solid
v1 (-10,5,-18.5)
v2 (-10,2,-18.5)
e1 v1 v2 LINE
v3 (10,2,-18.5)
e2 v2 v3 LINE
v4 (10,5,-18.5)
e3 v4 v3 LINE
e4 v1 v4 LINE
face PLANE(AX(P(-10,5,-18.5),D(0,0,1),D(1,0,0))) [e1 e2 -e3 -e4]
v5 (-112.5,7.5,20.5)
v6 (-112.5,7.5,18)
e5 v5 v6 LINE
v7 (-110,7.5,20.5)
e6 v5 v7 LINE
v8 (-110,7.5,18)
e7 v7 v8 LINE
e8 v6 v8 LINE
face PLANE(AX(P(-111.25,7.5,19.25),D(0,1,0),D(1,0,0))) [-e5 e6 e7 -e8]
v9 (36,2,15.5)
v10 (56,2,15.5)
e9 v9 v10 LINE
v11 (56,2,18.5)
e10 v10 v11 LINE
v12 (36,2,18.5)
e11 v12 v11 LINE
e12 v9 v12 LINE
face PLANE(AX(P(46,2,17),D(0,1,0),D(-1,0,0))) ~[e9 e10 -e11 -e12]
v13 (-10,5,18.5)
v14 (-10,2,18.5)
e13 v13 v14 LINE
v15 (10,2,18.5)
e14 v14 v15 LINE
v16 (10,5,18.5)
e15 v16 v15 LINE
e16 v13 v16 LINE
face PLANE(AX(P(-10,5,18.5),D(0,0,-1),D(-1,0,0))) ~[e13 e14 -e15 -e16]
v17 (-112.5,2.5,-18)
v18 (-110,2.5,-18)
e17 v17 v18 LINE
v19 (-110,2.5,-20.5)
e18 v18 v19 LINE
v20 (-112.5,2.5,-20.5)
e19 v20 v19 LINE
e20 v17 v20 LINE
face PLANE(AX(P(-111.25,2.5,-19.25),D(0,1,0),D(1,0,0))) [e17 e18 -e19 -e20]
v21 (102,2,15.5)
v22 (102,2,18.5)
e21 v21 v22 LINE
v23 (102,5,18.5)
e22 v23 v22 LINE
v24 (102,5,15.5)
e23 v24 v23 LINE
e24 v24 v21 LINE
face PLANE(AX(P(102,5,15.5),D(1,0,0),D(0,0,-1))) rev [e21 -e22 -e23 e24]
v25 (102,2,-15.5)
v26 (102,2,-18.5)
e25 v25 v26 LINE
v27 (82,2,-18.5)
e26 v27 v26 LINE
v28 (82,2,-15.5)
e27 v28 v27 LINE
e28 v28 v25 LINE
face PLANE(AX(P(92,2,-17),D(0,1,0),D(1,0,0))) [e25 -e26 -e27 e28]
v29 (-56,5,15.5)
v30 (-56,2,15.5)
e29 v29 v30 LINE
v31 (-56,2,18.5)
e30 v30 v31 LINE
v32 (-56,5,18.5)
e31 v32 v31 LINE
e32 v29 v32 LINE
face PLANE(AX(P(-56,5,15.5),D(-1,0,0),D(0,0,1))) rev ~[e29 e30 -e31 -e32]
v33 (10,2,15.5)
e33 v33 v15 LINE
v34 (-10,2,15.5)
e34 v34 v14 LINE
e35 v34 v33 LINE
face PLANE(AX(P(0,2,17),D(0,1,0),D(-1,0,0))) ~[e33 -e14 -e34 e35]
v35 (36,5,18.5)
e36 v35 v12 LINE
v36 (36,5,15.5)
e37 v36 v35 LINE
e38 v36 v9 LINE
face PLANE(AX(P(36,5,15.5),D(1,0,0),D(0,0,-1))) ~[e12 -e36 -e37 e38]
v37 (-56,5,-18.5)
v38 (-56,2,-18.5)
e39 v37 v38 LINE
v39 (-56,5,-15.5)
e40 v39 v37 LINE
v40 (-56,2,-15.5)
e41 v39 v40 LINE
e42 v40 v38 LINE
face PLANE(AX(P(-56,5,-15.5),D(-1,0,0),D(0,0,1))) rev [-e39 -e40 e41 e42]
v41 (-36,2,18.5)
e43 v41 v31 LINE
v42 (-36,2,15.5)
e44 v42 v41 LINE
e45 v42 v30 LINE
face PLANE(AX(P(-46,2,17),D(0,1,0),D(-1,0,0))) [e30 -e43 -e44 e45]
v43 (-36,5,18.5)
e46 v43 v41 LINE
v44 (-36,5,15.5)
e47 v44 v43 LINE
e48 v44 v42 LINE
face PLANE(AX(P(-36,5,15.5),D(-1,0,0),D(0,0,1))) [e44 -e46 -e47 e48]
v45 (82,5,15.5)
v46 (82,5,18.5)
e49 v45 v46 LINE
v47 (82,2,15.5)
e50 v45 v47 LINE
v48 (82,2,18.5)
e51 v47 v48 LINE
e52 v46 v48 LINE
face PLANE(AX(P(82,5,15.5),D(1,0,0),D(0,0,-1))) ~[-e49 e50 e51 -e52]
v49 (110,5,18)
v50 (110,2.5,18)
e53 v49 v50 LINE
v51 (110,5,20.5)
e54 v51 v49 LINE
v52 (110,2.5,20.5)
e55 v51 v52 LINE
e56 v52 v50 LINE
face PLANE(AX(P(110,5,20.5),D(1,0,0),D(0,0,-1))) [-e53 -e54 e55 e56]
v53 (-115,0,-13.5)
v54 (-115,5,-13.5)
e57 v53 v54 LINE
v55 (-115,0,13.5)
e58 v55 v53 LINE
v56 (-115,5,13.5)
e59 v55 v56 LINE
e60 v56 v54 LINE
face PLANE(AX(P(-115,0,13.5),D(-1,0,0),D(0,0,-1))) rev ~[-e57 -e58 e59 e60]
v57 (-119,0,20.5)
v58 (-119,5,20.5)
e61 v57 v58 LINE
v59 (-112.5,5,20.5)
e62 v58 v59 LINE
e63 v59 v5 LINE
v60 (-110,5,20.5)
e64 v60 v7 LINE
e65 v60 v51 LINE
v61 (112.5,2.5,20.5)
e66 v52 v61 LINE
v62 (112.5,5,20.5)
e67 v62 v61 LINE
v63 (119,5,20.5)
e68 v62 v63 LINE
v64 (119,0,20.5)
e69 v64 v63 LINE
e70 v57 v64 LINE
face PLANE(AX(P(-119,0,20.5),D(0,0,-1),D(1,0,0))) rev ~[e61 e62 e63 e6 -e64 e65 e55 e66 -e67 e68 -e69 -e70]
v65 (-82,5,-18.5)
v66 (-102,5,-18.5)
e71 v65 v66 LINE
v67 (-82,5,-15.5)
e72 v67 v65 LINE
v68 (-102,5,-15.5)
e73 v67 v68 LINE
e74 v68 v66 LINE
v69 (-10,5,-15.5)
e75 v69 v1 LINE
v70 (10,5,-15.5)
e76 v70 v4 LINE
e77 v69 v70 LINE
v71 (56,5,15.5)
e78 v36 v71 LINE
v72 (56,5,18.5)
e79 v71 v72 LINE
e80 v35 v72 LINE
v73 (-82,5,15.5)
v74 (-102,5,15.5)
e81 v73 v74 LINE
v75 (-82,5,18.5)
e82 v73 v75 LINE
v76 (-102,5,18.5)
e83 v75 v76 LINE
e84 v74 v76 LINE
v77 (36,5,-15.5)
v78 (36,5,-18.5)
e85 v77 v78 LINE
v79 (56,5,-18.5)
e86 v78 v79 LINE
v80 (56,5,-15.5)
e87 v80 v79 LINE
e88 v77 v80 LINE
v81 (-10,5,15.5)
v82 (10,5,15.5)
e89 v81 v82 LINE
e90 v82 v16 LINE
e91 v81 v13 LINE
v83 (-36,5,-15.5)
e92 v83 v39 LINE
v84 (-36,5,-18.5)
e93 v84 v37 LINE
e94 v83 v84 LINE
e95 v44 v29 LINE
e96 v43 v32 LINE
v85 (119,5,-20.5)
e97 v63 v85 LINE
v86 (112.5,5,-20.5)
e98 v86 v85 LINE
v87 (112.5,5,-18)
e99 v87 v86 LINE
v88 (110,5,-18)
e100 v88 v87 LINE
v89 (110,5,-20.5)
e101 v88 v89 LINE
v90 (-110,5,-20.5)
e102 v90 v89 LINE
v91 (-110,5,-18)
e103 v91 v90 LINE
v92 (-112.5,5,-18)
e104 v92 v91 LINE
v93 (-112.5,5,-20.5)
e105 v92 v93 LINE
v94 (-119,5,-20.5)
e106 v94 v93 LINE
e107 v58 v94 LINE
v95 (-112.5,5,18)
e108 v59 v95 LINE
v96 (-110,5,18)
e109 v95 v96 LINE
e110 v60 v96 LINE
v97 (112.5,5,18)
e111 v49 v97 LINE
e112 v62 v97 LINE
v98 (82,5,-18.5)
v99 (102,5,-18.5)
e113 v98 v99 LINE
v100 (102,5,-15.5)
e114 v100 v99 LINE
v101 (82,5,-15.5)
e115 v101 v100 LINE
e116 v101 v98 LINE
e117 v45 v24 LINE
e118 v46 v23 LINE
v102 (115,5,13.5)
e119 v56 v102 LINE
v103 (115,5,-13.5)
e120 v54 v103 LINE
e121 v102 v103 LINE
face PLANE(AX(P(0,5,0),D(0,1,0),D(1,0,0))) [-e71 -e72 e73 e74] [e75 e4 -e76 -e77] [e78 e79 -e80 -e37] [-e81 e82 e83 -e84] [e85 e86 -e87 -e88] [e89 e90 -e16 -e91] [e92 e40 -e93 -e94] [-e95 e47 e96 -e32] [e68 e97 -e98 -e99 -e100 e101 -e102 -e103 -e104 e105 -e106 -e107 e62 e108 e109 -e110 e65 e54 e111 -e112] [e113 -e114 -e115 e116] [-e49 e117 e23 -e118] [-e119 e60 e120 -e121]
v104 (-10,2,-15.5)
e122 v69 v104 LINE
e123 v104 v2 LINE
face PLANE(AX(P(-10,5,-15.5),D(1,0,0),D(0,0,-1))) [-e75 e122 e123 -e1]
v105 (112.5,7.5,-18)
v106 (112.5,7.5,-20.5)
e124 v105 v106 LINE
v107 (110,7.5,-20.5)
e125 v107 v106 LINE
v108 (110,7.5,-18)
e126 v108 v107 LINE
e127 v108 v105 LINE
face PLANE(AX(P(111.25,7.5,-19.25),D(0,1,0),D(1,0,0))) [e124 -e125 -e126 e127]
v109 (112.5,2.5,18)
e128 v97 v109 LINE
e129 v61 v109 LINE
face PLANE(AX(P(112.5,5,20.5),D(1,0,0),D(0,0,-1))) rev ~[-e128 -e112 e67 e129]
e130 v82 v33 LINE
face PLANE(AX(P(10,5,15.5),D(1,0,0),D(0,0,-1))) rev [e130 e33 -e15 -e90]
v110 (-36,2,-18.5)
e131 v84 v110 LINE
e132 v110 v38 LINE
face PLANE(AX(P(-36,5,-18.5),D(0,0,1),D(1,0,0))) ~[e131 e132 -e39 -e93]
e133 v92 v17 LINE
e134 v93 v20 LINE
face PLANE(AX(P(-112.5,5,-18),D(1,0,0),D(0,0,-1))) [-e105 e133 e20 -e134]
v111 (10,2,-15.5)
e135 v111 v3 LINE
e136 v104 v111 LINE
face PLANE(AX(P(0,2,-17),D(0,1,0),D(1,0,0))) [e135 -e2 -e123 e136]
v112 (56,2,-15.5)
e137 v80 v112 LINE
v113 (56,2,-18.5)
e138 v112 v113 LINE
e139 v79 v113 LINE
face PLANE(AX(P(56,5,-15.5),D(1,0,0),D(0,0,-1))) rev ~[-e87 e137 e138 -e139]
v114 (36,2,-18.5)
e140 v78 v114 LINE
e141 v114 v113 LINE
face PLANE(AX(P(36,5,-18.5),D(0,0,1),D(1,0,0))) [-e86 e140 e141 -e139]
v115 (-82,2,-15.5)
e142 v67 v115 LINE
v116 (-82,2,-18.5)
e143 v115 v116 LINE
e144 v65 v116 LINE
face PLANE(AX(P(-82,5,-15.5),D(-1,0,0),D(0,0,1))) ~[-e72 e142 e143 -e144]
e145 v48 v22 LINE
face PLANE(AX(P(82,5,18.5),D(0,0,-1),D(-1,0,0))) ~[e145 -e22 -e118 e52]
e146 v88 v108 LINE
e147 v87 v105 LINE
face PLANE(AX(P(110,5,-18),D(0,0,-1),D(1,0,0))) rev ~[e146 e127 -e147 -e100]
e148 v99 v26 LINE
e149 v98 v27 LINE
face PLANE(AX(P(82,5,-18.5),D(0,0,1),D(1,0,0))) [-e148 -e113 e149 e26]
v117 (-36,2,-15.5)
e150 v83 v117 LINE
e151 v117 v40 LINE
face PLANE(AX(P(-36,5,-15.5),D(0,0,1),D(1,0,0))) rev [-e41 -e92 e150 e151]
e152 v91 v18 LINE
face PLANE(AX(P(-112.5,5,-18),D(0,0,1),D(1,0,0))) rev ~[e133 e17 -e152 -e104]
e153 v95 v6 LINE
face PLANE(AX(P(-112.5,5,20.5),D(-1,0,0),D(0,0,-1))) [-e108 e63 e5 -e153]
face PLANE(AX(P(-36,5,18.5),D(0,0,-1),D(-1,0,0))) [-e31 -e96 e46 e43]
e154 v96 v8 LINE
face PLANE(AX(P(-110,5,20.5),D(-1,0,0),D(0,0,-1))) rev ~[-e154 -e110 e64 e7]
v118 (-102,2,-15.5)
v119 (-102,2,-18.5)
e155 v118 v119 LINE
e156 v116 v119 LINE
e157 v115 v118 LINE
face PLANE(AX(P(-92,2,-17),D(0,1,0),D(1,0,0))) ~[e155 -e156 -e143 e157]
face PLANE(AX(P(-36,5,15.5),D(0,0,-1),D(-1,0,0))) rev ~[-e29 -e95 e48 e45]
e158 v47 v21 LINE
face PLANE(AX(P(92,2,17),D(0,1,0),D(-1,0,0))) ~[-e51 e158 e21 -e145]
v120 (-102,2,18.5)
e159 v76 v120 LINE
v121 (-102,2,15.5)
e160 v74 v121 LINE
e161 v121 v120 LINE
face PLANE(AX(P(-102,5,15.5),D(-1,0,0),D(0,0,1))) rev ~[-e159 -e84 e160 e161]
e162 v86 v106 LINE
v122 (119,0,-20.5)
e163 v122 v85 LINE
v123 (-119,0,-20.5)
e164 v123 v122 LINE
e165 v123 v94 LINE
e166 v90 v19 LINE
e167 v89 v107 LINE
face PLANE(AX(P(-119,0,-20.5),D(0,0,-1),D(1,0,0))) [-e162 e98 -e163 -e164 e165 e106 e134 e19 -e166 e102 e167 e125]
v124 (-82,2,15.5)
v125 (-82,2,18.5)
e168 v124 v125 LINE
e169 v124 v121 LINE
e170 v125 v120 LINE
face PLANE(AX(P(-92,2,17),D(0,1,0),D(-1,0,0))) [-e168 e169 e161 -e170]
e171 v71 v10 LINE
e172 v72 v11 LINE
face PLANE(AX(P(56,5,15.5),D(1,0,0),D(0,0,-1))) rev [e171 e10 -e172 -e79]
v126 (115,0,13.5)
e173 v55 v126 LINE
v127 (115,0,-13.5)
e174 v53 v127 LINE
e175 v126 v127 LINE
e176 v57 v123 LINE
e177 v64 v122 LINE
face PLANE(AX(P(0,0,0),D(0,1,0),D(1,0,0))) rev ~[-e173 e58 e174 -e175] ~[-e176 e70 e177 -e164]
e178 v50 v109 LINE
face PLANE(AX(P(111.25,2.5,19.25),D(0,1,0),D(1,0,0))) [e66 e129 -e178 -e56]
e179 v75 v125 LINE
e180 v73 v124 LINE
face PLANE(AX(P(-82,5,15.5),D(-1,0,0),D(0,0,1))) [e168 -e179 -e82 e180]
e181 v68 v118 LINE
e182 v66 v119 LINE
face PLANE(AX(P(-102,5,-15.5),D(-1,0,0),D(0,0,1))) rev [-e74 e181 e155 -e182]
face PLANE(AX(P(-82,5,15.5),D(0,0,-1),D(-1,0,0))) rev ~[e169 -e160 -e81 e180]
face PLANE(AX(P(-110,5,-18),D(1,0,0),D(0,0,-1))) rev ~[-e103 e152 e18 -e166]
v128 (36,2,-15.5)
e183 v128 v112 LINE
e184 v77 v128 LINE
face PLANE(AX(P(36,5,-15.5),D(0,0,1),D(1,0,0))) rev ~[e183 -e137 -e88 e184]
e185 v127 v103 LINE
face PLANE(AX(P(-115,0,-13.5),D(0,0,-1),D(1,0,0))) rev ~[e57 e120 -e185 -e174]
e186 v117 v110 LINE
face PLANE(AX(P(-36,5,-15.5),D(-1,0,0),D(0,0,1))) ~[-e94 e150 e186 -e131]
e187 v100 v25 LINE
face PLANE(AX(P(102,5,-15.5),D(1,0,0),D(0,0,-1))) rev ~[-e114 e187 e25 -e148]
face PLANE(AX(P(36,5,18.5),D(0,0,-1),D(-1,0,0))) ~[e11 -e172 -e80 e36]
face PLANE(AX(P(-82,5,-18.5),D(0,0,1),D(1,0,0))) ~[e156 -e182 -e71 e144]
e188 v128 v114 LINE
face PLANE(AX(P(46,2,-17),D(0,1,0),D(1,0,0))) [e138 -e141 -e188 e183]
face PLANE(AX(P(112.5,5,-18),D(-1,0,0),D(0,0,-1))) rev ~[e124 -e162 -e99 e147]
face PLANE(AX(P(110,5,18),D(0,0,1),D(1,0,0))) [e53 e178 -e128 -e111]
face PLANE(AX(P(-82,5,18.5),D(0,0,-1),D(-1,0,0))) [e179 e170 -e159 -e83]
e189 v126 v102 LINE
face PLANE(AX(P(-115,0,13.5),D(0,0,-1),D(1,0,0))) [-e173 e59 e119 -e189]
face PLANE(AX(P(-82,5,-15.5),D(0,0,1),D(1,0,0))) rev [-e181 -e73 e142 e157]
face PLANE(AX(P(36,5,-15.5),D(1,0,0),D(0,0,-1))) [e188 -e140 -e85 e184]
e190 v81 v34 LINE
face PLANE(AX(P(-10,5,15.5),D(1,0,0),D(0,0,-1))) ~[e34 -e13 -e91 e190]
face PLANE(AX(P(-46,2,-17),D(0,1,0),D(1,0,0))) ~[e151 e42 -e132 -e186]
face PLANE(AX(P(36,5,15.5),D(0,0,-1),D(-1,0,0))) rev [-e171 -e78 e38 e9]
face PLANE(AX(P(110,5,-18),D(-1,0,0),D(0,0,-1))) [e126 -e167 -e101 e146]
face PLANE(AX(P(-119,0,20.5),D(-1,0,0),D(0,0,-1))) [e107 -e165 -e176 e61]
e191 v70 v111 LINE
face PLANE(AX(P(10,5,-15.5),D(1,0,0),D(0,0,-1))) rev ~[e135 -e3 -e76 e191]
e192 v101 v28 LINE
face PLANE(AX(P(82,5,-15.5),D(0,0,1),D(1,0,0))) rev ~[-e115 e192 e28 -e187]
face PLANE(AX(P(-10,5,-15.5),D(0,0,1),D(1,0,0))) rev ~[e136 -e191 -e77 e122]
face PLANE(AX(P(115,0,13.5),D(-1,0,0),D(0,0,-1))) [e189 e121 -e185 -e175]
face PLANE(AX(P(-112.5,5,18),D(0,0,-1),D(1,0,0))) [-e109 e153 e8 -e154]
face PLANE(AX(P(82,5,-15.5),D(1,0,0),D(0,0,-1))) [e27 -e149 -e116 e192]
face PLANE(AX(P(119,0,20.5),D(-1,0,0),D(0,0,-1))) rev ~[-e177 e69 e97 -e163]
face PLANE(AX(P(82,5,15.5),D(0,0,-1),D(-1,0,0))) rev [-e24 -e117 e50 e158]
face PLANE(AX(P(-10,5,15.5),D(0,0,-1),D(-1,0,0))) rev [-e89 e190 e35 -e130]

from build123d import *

# Parameters (mm, degrees)
SKETCH_1_W               = 238
SKETCH_1_H               = 41
SKETCH_1_W_2             = 230
SKETCH_1_H_2             = 27
EXTRUDE_1_DEPTH          = 5
SKETCH_2_W               = 20
SKETCH_2_H               = 3
CUT_EXTRUDE_1_DEPTH      = 3
MIRROR_2_COPY_1_SKETCH_W = 20
MIRROR_2_COPY_1_SKETCH_H = 3
MIRROR_2_COPY_1_DEPTH    = 3
SKETCH_3_W               = 2.5
SKETCH_3_H               = 2.5
EXTRUDE_2_DEPTH          = 2.5
SKETCH_3_3_W             = 2.5
SKETCH_3_3_H             = 2.5
CUT_EXTRUDE_2_DEPTH      = 2.5


with BuildPart() as part:
    # 草图1 → 凸台-拉伸1 (new body)
    with BuildSketch(Plane(origin=(0, 0, 0), x_dir=(1, 0, 0), z_dir=(0, 1, 0))):
        Rectangle(SKETCH_1_W, SKETCH_1_H)
        Rectangle(SKETCH_1_W_2, SKETCH_1_H_2, mode=Mode.SUBTRACT)
    extrude(amount=EXTRUDE_1_DEPTH)

    # 草图2 → 切除-拉伸1 (cut)
    with BuildSketch(Plane(origin=(0, 5, 0), x_dir=(1, 0, 0), z_dir=(0, 1, 0))):
        with Locations((0, 17)):
            Rectangle(SKETCH_2_W, SKETCH_2_H)
        with Locations((46, 17)):
            Rectangle(SKETCH_2_W, SKETCH_2_H)
        with Locations((92, 17)):
            Rectangle(SKETCH_2_W, SKETCH_2_H)
    cut_extrude_1 = extrude(amount=-CUT_EXTRUDE_1_DEPTH, mode=Mode.SUBTRACT)

    # 镜向1: 切除-拉伸1 across plane
    add(cut_extrude_1.mirror(Plane.XY), mode=Mode.SUBTRACT)

    # 镜向2: 切除-拉伸1 across plane
    add(cut_extrude_1.mirror(Plane(origin=(0, 0, 0), x_dir=(0, 0, 1), z_dir=(1, 0, 0))), mode=Mode.SUBTRACT)

    # 镜向2 copy 1 sketch → 镜向2 copy 1 (cut)
    with BuildSketch(Plane(origin=(0, 5, 0), x_dir=(-1, 0, 0), z_dir=(0, 1, 0))):
        with Locations((0, 17)):
            Rectangle(MIRROR_2_COPY_1_SKETCH_W, MIRROR_2_COPY_1_SKETCH_H)
        with Locations((46, 17)):
            Rectangle(MIRROR_2_COPY_1_SKETCH_W, MIRROR_2_COPY_1_SKETCH_H)
        with Locations((92, 17)):
            Rectangle(MIRROR_2_COPY_1_SKETCH_W, MIRROR_2_COPY_1_SKETCH_H)
    extrude(amount=-MIRROR_2_COPY_1_DEPTH, mode=Mode.SUBTRACT)

    # 草图3 → 凸台-拉伸2 (add)
    with BuildSketch(Plane(origin=(0, 5, 0), x_dir=(1, 0, 0), z_dir=(0, 1, 0))):
        with Locations((-111.25, -19.25)):
            Rectangle(SKETCH_3_W, SKETCH_3_H)
        with Locations((111.25, 19.25)):
            Rectangle(SKETCH_3_W, SKETCH_3_H)
    extrude(amount=EXTRUDE_2_DEPTH)

    # 草图3<3> → 切除-拉伸2 (cut)
    with BuildSketch(Plane(origin=(0, 5, 0), x_dir=(1, 0, 0), z_dir=(0, 1, 0))):
        with Locations((-111.25, 19.25)):
            Rectangle(SKETCH_3_3_W, SKETCH_3_3_H)
        with Locations((111.25, -19.25)):
            Rectangle(SKETCH_3_3_W, SKETCH_3_3_H)
    extrude(amount=-CUT_EXTRUDE_2_DEPTH, mode=Mode.SUBTRACT)


solid = part.part
